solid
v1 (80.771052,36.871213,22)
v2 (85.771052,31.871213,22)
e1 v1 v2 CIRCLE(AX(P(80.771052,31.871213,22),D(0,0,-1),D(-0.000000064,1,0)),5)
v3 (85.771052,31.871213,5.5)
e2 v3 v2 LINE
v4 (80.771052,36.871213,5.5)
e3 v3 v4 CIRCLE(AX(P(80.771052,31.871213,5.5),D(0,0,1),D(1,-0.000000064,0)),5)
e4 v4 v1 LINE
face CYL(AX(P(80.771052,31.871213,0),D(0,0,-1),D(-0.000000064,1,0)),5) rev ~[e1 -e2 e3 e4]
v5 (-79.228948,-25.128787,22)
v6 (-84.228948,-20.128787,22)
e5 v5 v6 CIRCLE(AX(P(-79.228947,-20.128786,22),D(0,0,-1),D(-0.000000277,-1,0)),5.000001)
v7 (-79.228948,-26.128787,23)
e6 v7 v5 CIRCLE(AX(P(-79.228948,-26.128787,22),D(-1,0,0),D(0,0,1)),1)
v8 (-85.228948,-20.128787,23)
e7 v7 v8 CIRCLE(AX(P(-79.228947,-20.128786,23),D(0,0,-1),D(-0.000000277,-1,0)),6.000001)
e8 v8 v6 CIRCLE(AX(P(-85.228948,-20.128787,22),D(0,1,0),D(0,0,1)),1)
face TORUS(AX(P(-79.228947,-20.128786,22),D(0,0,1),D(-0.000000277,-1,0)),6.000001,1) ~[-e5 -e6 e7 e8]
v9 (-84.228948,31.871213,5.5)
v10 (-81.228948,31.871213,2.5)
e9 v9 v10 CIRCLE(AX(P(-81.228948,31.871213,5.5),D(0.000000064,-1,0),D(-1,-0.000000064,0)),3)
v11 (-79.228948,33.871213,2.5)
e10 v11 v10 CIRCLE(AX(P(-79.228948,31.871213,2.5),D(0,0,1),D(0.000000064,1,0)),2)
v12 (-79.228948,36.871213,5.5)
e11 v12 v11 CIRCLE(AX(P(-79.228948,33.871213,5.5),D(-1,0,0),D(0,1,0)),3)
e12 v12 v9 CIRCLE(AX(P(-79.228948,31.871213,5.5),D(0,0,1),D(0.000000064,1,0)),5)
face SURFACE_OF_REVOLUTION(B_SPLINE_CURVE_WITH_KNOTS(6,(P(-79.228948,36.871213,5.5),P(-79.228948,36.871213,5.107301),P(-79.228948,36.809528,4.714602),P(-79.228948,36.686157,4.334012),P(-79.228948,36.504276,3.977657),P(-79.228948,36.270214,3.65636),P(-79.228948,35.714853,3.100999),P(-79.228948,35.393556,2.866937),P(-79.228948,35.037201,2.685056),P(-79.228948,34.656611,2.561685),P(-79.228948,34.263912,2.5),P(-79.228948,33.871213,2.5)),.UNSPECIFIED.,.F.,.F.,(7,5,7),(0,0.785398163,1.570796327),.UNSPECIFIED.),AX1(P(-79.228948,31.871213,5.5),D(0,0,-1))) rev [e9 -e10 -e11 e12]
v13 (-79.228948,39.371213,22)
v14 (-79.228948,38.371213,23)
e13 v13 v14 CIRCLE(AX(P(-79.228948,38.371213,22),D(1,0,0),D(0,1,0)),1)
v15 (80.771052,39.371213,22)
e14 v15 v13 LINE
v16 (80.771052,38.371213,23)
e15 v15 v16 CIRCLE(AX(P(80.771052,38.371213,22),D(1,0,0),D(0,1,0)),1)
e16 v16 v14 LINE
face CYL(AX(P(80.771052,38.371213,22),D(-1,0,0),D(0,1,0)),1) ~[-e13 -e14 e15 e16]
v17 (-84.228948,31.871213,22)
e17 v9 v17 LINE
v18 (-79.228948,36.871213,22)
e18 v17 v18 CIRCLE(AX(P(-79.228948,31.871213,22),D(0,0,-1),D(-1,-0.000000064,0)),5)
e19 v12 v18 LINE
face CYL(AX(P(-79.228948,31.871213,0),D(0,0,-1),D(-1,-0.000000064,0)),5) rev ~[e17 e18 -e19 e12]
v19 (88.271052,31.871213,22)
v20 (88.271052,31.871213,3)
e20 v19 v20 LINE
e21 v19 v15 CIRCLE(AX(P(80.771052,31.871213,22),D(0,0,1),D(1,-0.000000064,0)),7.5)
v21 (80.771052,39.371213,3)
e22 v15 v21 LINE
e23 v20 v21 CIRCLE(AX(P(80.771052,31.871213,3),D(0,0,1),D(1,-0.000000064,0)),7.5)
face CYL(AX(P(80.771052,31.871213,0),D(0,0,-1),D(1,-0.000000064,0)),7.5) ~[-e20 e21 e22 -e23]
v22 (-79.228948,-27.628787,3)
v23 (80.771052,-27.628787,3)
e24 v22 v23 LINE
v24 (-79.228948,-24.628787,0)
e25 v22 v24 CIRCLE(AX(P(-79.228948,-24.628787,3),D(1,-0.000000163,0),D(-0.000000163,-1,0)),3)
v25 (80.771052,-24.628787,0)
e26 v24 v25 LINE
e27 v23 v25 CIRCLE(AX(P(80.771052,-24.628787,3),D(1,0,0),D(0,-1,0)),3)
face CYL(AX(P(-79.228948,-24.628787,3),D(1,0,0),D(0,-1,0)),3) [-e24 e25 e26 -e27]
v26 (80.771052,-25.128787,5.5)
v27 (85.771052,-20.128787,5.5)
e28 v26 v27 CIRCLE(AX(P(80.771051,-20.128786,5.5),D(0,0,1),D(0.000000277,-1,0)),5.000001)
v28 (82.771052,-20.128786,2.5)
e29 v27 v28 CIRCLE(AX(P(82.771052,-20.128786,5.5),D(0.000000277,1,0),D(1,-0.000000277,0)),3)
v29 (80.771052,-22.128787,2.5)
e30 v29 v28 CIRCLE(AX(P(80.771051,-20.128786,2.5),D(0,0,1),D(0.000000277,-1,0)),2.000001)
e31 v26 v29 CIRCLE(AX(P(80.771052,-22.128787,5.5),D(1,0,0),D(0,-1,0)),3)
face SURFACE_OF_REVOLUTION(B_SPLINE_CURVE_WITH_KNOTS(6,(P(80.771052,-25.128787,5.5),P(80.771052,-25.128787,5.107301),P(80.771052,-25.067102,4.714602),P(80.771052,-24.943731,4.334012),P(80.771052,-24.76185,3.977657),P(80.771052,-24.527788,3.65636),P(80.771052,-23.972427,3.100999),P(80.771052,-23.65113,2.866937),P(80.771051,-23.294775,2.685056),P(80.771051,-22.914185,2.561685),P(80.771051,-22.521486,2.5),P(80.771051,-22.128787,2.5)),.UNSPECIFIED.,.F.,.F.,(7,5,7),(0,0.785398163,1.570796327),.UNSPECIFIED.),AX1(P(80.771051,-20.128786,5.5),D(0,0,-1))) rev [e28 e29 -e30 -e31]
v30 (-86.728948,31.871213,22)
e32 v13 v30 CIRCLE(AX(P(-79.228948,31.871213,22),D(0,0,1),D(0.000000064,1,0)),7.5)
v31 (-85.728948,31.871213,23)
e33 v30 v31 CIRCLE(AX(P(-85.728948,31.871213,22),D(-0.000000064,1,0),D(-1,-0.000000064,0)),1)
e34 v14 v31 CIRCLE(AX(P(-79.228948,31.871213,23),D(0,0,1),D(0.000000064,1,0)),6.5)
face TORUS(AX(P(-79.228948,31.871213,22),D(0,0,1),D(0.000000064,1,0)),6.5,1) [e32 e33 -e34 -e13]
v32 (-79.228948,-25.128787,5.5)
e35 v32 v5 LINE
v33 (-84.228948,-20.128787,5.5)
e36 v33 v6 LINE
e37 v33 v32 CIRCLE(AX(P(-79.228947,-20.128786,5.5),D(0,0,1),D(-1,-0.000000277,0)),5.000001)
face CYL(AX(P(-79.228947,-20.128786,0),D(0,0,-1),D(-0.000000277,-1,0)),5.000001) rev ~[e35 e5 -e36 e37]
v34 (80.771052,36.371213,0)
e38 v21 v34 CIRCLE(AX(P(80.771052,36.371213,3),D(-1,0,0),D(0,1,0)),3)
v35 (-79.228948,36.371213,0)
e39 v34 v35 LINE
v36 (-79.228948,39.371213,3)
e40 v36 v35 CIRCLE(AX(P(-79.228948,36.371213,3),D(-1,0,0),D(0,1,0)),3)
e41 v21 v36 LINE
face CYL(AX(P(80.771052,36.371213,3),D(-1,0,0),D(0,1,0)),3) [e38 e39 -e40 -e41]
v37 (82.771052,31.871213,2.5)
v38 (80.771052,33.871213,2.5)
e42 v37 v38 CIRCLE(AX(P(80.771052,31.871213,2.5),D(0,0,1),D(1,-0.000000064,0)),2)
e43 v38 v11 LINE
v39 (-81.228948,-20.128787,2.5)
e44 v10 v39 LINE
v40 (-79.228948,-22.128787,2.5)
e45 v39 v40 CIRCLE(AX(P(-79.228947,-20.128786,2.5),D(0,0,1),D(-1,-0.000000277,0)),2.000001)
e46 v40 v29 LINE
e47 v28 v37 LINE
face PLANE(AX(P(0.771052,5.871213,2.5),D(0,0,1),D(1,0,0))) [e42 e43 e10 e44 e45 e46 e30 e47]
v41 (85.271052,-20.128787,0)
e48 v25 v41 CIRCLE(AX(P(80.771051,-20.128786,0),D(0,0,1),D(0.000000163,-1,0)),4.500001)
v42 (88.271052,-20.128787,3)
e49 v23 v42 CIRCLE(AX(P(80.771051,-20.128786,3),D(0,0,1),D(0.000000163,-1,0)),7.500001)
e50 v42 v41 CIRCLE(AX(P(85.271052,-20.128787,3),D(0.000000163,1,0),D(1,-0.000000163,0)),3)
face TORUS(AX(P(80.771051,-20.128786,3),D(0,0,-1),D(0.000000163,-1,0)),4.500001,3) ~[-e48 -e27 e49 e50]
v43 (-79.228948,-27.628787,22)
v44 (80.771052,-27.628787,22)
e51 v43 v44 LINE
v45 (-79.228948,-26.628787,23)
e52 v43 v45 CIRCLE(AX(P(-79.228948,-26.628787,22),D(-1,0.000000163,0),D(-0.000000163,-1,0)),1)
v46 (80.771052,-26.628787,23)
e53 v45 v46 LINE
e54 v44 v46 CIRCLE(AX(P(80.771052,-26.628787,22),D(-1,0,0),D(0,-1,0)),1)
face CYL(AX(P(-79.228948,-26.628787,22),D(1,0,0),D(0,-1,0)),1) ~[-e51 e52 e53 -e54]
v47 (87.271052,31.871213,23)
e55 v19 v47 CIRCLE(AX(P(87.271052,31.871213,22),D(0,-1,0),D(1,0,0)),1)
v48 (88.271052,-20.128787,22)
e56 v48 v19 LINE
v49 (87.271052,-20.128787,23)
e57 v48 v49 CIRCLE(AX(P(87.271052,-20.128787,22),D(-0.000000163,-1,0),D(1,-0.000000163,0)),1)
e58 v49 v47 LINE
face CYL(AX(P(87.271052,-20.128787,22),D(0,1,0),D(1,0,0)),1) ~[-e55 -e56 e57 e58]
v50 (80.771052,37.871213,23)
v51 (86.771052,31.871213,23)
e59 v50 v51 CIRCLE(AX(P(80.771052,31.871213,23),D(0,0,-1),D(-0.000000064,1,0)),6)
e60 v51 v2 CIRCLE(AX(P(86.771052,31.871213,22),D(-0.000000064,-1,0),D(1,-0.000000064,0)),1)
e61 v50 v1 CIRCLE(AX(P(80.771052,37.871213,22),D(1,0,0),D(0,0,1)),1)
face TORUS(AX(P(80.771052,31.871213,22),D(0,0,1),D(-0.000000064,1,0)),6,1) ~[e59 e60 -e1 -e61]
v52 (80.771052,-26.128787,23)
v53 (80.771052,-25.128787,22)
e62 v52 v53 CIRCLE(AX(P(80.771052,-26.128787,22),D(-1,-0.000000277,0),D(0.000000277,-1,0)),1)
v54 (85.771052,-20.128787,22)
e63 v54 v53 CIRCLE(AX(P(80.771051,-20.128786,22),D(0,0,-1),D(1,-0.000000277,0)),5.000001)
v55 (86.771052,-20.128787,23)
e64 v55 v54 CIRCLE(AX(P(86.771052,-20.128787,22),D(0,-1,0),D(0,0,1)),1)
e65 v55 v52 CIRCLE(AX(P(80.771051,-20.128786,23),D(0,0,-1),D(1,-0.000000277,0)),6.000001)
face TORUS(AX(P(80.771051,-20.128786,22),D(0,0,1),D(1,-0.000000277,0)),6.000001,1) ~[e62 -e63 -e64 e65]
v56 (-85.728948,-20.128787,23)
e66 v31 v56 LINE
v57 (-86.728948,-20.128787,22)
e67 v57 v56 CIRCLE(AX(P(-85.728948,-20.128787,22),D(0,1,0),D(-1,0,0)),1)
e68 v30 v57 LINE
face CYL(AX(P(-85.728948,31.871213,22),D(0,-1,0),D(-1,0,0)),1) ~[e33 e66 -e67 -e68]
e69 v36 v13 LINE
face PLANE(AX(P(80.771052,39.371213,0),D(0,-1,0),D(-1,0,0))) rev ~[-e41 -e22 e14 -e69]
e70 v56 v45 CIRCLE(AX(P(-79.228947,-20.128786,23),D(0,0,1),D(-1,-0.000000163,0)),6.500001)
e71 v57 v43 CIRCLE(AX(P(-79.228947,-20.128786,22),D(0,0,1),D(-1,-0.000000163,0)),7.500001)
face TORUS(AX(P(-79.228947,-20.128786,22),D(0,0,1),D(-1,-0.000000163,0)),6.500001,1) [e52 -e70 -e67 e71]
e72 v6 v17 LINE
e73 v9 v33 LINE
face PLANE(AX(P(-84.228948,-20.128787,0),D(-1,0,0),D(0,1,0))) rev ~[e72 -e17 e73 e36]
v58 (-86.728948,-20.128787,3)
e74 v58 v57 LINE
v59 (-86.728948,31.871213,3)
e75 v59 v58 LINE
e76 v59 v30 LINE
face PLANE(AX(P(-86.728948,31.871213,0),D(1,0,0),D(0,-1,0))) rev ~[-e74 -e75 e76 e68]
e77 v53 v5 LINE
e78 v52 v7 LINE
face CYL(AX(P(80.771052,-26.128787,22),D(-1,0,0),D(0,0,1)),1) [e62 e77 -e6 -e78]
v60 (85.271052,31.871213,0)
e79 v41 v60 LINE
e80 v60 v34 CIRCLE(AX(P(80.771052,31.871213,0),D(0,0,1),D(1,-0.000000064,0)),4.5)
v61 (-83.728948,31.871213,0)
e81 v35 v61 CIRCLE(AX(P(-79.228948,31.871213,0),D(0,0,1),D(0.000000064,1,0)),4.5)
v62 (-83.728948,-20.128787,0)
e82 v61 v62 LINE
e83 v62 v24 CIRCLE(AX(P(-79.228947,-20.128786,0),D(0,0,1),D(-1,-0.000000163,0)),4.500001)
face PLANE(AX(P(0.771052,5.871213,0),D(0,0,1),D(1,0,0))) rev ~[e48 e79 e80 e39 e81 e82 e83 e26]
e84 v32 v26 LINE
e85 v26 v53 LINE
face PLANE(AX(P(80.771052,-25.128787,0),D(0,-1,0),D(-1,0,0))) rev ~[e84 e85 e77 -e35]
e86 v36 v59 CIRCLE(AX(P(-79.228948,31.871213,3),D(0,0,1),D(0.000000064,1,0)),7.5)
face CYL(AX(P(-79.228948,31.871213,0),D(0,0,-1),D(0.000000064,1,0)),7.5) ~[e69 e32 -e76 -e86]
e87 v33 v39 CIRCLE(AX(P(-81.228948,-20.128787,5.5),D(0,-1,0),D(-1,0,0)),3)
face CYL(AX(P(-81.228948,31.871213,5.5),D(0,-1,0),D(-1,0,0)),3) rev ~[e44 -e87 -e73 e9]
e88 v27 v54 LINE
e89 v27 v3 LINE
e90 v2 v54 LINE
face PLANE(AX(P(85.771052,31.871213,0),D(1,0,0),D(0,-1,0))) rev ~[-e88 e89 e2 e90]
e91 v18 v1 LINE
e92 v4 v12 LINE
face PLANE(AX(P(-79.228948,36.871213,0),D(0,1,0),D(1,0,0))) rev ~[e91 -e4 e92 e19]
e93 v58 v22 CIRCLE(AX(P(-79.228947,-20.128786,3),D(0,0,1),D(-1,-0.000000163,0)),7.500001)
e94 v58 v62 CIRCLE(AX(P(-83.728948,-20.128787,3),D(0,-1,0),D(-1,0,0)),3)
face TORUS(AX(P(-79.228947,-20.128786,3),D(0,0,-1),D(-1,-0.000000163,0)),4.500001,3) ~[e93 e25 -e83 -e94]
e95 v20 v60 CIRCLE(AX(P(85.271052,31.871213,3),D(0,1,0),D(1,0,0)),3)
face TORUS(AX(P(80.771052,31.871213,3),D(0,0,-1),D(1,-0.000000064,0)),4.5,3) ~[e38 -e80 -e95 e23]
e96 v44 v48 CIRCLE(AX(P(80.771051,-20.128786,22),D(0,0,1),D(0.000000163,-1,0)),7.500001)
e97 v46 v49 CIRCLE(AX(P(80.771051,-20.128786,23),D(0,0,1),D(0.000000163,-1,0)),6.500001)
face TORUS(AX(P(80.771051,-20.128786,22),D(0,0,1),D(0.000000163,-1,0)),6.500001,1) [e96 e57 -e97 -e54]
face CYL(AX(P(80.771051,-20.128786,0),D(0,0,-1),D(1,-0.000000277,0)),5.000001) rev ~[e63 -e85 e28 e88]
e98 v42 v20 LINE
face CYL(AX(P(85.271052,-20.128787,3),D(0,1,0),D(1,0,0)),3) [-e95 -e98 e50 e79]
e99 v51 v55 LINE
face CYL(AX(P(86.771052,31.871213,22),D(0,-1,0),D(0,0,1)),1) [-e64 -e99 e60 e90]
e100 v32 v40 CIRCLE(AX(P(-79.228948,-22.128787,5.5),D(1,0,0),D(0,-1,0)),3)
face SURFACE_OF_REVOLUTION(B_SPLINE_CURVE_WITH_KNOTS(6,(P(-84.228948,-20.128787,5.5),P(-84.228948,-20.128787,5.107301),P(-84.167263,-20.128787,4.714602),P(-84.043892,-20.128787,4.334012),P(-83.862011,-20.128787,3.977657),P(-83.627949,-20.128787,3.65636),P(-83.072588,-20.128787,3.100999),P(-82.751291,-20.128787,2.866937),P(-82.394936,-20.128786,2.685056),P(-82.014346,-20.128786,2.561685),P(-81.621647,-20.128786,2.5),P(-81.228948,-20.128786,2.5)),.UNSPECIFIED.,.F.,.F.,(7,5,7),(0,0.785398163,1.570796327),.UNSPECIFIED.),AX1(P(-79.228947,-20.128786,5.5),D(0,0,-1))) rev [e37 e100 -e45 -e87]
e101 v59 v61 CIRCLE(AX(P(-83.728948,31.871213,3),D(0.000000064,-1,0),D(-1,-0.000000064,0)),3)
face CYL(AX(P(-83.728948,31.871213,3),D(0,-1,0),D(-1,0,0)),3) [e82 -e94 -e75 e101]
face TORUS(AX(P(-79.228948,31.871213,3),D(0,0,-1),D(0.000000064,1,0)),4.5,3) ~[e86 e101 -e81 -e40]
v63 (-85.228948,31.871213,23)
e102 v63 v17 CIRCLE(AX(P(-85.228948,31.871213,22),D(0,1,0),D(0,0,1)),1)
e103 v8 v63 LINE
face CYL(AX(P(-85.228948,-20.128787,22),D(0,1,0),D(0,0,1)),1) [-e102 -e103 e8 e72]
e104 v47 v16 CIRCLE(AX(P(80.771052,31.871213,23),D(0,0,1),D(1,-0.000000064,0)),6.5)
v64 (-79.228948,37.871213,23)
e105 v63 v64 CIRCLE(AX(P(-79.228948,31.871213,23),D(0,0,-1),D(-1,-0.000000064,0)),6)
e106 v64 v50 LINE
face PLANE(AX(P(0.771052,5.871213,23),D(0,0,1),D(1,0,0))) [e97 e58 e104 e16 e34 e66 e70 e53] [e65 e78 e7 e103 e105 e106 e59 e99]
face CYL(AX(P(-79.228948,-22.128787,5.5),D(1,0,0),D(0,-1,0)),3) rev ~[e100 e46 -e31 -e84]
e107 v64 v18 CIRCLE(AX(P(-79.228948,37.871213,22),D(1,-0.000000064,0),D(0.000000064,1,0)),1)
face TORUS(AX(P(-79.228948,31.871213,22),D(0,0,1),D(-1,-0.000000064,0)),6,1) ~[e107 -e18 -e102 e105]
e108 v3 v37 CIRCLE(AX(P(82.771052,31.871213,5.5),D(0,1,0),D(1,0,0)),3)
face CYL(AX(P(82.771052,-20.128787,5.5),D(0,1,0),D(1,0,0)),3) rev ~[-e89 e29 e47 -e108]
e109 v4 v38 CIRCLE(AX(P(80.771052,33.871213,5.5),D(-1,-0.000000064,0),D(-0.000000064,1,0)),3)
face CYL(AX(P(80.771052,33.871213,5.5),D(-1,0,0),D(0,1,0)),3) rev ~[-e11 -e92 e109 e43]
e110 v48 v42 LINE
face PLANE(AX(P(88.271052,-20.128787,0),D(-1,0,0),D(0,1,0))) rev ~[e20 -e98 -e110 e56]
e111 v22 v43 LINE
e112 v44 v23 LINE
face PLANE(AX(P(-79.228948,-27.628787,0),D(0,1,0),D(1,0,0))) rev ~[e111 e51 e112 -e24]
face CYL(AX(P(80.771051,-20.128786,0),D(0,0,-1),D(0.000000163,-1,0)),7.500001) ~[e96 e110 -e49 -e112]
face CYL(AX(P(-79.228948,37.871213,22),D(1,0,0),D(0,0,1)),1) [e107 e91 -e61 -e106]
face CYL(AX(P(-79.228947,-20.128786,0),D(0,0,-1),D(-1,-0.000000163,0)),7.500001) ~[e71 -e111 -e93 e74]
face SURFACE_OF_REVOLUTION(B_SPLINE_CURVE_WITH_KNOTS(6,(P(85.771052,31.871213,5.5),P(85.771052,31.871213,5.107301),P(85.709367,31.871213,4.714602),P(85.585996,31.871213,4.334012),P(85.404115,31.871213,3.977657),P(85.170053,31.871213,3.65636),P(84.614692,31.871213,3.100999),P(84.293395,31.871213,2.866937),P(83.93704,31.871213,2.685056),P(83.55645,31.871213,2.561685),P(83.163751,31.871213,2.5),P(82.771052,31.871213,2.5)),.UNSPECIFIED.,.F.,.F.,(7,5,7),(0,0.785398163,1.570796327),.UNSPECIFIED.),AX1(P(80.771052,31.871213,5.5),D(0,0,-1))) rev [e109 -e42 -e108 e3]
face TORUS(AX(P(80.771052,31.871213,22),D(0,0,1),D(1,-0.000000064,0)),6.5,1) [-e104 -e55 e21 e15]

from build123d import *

# Parameters (mm, degrees)
F1_DEPTH = 2.5
F2_DEPTH = 23
F3_R     = 3
F4_R     = 1
F5_R     = 3


with BuildPart() as f1:
    # F0 (on Top) → F1 (new body)
    with BuildSketch(Plane.XY):
        with BuildLine():
            Line((80.771052, 39.371213), (-79.228948, 39.371213))
            ThreePointArc((-79.228948, 39.371213), (-84.532249, 37.174514), (-86.728948, 31.871213))
            Line((-86.728948, 31.871213), (-86.728948, -20.128787))
            ThreePointArc((-86.728948, -20.128787), (-84.532249, -25.432087), (-79.228948, -27.628787))
            Line((-79.228948, -27.628787), (80.771052, -27.628787))
            ThreePointArc((80.771052, -27.628787), (86.074353, -25.432087), (88.271052, -20.128787))
            Line((88.271052, -20.128787), (88.271052, 31.871213))
            ThreePointArc((88.271052, 31.871213), (86.074353, 37.174514), (80.771052, 39.371213))
        make_face()
        with BuildLine():
            ThreePointArc((-84.228948, 31.871213), (-82.764482, 35.406747), (-79.228948, 36.871213))
            Line((-79.228948, 36.871213), (80.771052, 36.871213))
            ThreePointArc((80.771052, 36.871213), (84.306586, 35.406747), (85.771052, 31.871213))
            Line((85.771052, 31.871213), (85.771052, -20.128787))
            ThreePointArc((85.771052, -20.128787), (84.306586, -23.66432), (80.771052, -25.128787))
            Line((80.771052, -25.128787), (-79.228948, -25.128787))
            ThreePointArc((-79.228948, -25.128787), (-82.764482, -23.66432), (-84.228948, -20.128787))
            Line((-84.228948, -20.128787), (-84.228948, 31.871213))
        make_face(mode=Mode.SUBTRACT)
        with BuildLine():
            Line((80.771052, 36.871213), (-79.228948, 36.871213))
            ThreePointArc((-79.228948, 36.871213), (-82.764482, 35.406747), (-84.228948, 31.871213))
            Line((-84.228948, 31.871213), (-84.228948, -20.128787))
            ThreePointArc((-84.228948, -20.128787), (-82.764482, -23.66432), (-79.228948, -25.128787))
            Line((-79.228948, -25.128787), (80.771052, -25.128787))
            ThreePointArc((80.771052, -25.128787), (84.306586, -23.66432), (85.771052, -20.128787))
            Line((85.771052, -20.128787), (85.771052, 31.871213))
            ThreePointArc((85.771052, 31.871213), (84.306586, 35.406747), (80.771052, 36.871213))
        make_face()
    extrude(amount=F1_DEPTH)

    # F0 (on Top) → F2 (join)
    with BuildSketch(Plane.XY):
        with BuildLine():
            Line((80.771052, 39.371213), (-79.228948, 39.371213))
            ThreePointArc((-79.228948, 39.371213), (-84.532249, 37.174514), (-86.728948, 31.871213))
            Line((-86.728948, 31.871213), (-86.728948, -20.128787))
            ThreePointArc((-86.728948, -20.128787), (-84.532249, -25.432087), (-79.228948, -27.628787))
            Line((-79.228948, -27.628787), (80.771052, -27.628787))
            ThreePointArc((80.771052, -27.628787), (86.074353, -25.432087), (88.271052, -20.128787))
            Line((88.271052, -20.128787), (88.271052, 31.871213))
            ThreePointArc((88.271052, 31.871213), (86.074353, 37.174514), (80.771052, 39.371213))
        make_face()
        with BuildLine():
            ThreePointArc((-84.228948, 31.871213), (-82.764482, 35.406747), (-79.228948, 36.871213))
            Line((-79.228948, 36.871213), (80.771052, 36.871213))
            ThreePointArc((80.771052, 36.871213), (84.306586, 35.406747), (85.771052, 31.871213))
            Line((85.771052, 31.871213), (85.771052, -20.128787))
            ThreePointArc((85.771052, -20.128787), (84.306586, -23.66432), (80.771052, -25.128787))
            Line((80.771052, -25.128787), (-79.228948, -25.128787))
            ThreePointArc((-79.228948, -25.128787), (-82.764482, -23.66432), (-84.228948, -20.128787))
            Line((-84.228948, -20.128787), (-84.228948, 31.871213))
        make_face(mode=Mode.SUBTRACT)
    extrude(amount=F2_DEPTH)

    # F3
    f3_edges = [f1.edges().sort_by_distance(p)[0] for p in [
        (0.771052, 39.371213, 0),
        (-84.532249, 37.174514, 0),
        (-86.728948, 5.871213, 0),
        (-84.532249, -25.432087, 0),
        (0.771052, -27.628787, 0),
        (86.074353, -25.432087, 0),
        (88.271052, 5.871213, 0),
        (86.074353, 37.174514, 0),
    ]]
    fillet(f3_edges, radius=F3_R)

    # F4
    f4_edges = [f1.edges().sort_by_distance(p)[0] for p in [
        (0.771052, 39.371213, 23),
        (-84.532249, 37.174514, 23),
        (-86.728948, 5.871213, 23),
        (-84.532249, -25.432087, 23),
        (0.771052, -27.628787, 23),
        (86.074353, -25.432087, 23),
        (88.271052, 5.871213, 23),
        (86.074353, 37.174514, 23),
        (-84.228948, 5.871213, 23),
        (-82.764482, 35.406747, 23),
        (0.771052, 36.871213, 23),
        (84.306586, 35.406747, 23),
        (85.771052, 5.871213, 23),
        (84.306586, -23.66432, 23),
        (0.771052, -25.128787, 23),
        (-82.764482, -23.66432, 23),
    ]]
    fillet(f4_edges, radius=F4_R)

    # F5
    f5_edges = [f1.edges().sort_by_distance(p)[0] for p in [
        (0.771052, -25.128787, 2.5),
        (84.306586, -23.66432, 2.5),
        (0.771052, 36.871213, 2.5),
        (84.306586, 35.406747, 2.5),
        (-82.764482, -23.66432, 2.5),
        (-84.228948, 5.871213, 2.5),
        (-82.764482, 35.406747, 2.5),
        (85.771052, 5.871213, 2.5),
    ]]
    fillet(f5_edges, radius=F5_R)


solid = f1.part
